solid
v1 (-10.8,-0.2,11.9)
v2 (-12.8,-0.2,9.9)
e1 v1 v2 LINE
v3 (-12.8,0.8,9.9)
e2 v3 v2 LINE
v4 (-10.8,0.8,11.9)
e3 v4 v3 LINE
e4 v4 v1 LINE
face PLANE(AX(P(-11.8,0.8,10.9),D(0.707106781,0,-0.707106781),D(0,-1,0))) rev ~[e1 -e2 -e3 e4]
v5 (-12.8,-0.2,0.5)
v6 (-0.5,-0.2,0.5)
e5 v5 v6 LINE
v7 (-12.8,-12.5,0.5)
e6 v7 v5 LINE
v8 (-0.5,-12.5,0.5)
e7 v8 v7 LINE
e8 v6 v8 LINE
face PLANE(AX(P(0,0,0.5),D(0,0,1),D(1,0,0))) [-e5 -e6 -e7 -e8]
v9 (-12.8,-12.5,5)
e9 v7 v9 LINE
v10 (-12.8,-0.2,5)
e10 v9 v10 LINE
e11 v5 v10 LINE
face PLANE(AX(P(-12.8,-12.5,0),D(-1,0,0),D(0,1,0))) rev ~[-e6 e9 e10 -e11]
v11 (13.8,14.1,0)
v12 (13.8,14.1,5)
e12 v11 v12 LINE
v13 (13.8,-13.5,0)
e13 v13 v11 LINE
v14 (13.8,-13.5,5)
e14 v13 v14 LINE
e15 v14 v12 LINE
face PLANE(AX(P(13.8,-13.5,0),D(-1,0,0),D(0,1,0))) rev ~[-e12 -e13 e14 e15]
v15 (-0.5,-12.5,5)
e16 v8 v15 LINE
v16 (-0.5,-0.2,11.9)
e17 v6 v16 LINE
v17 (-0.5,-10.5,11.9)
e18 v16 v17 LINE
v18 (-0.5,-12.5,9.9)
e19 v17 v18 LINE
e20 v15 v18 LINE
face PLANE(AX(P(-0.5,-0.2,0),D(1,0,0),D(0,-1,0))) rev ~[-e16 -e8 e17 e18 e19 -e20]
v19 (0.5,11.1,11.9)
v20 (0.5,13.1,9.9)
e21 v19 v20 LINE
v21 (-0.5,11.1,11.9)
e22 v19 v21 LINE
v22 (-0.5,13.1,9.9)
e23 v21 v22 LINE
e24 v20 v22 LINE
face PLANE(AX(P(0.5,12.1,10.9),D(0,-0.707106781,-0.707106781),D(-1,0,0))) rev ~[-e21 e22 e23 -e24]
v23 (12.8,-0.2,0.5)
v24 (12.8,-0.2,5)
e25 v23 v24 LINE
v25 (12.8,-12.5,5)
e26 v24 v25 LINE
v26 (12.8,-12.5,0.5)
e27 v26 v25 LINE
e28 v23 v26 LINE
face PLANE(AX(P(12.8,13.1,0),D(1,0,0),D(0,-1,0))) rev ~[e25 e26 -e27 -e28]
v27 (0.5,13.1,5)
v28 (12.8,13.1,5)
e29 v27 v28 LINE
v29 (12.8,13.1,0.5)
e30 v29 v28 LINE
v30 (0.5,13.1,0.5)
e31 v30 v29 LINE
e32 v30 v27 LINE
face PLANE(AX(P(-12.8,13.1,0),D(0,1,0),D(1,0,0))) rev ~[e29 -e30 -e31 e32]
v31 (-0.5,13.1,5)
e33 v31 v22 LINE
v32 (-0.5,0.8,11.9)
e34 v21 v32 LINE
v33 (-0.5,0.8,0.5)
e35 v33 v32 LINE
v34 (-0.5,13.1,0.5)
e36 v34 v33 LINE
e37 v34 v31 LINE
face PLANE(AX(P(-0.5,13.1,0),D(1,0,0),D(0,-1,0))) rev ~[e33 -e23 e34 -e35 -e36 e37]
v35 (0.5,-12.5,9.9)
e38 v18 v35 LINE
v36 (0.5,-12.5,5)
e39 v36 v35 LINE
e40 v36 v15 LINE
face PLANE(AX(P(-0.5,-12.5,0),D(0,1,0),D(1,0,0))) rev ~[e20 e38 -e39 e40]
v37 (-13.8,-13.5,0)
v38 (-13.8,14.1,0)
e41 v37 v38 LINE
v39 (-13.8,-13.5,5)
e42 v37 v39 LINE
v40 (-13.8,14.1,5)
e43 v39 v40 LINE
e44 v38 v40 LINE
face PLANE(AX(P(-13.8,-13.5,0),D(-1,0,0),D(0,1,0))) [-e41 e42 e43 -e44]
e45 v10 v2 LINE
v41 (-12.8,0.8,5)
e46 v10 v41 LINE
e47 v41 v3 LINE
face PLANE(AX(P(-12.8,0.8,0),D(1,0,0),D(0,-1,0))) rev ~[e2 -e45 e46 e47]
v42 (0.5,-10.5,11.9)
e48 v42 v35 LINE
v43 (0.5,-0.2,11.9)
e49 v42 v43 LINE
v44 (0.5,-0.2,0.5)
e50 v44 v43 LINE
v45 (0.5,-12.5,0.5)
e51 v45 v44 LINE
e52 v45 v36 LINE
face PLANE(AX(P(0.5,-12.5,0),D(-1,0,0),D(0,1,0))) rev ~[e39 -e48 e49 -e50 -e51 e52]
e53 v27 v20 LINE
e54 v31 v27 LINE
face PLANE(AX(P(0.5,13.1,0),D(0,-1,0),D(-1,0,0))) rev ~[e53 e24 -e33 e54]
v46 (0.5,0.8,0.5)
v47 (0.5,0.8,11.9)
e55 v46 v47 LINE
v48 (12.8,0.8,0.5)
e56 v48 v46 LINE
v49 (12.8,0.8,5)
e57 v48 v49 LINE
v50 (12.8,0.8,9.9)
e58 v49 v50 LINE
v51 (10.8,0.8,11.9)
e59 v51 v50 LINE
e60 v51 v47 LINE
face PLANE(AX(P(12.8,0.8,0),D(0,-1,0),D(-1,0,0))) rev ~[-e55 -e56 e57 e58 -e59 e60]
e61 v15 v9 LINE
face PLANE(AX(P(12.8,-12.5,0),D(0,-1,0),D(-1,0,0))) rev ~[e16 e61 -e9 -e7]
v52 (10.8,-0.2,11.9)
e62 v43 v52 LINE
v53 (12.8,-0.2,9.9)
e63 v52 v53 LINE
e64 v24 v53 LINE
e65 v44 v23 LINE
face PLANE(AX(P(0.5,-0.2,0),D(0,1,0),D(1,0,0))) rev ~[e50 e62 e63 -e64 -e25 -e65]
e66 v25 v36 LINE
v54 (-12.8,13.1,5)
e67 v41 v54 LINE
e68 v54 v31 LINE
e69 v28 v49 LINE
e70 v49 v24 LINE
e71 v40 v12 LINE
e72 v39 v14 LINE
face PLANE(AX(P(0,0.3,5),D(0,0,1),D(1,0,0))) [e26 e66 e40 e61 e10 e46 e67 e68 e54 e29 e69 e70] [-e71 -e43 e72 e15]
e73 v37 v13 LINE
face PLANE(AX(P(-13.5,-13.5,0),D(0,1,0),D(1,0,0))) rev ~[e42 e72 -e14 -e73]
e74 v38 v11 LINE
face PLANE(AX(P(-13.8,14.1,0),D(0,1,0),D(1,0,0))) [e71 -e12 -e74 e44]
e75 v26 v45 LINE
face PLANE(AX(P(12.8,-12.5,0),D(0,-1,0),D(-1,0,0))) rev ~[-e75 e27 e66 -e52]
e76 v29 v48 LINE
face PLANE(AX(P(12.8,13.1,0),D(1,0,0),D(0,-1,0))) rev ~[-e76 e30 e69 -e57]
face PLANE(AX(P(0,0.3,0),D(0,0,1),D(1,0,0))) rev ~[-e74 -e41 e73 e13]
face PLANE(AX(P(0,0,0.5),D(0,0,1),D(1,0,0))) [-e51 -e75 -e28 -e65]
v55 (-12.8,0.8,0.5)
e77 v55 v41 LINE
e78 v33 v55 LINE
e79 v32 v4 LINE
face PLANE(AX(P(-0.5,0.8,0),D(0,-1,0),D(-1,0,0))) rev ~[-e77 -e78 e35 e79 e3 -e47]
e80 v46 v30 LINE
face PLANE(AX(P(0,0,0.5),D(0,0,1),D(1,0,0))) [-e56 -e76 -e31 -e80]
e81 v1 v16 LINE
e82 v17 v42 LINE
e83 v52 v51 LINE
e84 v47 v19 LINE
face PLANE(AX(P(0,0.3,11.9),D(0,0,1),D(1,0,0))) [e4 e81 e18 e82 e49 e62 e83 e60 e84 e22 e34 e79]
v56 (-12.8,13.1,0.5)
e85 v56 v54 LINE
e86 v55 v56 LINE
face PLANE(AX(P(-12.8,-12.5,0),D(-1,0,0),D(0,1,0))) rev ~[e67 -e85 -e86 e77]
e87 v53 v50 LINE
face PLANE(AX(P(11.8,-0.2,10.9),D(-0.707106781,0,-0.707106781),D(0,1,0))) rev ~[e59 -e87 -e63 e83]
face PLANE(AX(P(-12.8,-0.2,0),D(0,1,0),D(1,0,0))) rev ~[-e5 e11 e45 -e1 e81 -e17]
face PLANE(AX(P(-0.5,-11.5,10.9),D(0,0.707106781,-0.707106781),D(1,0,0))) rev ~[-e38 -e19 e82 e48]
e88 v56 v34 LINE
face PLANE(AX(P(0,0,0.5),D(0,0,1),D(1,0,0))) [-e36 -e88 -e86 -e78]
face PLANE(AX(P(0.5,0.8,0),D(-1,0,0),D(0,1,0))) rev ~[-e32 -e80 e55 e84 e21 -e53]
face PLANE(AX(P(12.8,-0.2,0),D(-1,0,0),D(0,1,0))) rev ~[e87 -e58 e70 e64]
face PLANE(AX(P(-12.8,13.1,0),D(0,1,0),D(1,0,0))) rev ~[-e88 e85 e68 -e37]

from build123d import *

# Parameters (mm, degrees)
F1_DEPTH = 11.9
F0_W     = 27.6
F0_H     = 27.6
F2_DEPTH = 5
F3_W     = 27
F3_H     = 27
F4_DEPTH = 0.5
F5_SIZE  = 2


with BuildPart() as f1:
    # F0 (on Top) → F1 (new body)
    with BuildSketch(Plane.XY):
        Polygon((0.5, 13.1), (-0.5, 13.1), (-0.5, 0.8), (-12.8, 0.8), (-12.8, -0.2), (-0.5, -0.2), (-0.5, -12.5), (0.5, -12.5), (0.5, -0.2), (12.8, -0.2), (12.8, 0.8), (0.5, 0.8), align=None)
    extrude(amount=F1_DEPTH)

    # F0 (on Top) → F2 (join)
    with BuildSketch(Plane.XY):
        with Locations((0, 0.3)):
            Rectangle(F0_W, F0_H)
        Polygon((-12.8, 0.8), (-12.8, 13.1), (-0.5, 13.1), (0.5, 13.1), (12.8, 13.1), (12.8, 0.8), (12.8, -0.2), (12.8, -12.5), (0.5, -12.5), (-0.5, -12.5), (-12.8, -12.5), (-12.8, -0.2), align=None, mode=Mode.SUBTRACT)
    extrude(amount=F2_DEPTH)

    # F3 (on Top) → F4 (join)
    with BuildSketch(Plane.XY):
        Rectangle(F3_W, F3_H)
    extrude(amount=F4_DEPTH)

    # F5
    f5_edges = [f1.edges().sort_by_distance(p)[0] for p in [
        (0, 13.1, 11.9),
        (-12.8, 0.3, 11.9),
        (0, -12.5, 11.9),
        (12.8, 0.3, 11.9),
    ]]
    chamfer(f5_edges, length=F5_SIZE)


solid = f1.part
